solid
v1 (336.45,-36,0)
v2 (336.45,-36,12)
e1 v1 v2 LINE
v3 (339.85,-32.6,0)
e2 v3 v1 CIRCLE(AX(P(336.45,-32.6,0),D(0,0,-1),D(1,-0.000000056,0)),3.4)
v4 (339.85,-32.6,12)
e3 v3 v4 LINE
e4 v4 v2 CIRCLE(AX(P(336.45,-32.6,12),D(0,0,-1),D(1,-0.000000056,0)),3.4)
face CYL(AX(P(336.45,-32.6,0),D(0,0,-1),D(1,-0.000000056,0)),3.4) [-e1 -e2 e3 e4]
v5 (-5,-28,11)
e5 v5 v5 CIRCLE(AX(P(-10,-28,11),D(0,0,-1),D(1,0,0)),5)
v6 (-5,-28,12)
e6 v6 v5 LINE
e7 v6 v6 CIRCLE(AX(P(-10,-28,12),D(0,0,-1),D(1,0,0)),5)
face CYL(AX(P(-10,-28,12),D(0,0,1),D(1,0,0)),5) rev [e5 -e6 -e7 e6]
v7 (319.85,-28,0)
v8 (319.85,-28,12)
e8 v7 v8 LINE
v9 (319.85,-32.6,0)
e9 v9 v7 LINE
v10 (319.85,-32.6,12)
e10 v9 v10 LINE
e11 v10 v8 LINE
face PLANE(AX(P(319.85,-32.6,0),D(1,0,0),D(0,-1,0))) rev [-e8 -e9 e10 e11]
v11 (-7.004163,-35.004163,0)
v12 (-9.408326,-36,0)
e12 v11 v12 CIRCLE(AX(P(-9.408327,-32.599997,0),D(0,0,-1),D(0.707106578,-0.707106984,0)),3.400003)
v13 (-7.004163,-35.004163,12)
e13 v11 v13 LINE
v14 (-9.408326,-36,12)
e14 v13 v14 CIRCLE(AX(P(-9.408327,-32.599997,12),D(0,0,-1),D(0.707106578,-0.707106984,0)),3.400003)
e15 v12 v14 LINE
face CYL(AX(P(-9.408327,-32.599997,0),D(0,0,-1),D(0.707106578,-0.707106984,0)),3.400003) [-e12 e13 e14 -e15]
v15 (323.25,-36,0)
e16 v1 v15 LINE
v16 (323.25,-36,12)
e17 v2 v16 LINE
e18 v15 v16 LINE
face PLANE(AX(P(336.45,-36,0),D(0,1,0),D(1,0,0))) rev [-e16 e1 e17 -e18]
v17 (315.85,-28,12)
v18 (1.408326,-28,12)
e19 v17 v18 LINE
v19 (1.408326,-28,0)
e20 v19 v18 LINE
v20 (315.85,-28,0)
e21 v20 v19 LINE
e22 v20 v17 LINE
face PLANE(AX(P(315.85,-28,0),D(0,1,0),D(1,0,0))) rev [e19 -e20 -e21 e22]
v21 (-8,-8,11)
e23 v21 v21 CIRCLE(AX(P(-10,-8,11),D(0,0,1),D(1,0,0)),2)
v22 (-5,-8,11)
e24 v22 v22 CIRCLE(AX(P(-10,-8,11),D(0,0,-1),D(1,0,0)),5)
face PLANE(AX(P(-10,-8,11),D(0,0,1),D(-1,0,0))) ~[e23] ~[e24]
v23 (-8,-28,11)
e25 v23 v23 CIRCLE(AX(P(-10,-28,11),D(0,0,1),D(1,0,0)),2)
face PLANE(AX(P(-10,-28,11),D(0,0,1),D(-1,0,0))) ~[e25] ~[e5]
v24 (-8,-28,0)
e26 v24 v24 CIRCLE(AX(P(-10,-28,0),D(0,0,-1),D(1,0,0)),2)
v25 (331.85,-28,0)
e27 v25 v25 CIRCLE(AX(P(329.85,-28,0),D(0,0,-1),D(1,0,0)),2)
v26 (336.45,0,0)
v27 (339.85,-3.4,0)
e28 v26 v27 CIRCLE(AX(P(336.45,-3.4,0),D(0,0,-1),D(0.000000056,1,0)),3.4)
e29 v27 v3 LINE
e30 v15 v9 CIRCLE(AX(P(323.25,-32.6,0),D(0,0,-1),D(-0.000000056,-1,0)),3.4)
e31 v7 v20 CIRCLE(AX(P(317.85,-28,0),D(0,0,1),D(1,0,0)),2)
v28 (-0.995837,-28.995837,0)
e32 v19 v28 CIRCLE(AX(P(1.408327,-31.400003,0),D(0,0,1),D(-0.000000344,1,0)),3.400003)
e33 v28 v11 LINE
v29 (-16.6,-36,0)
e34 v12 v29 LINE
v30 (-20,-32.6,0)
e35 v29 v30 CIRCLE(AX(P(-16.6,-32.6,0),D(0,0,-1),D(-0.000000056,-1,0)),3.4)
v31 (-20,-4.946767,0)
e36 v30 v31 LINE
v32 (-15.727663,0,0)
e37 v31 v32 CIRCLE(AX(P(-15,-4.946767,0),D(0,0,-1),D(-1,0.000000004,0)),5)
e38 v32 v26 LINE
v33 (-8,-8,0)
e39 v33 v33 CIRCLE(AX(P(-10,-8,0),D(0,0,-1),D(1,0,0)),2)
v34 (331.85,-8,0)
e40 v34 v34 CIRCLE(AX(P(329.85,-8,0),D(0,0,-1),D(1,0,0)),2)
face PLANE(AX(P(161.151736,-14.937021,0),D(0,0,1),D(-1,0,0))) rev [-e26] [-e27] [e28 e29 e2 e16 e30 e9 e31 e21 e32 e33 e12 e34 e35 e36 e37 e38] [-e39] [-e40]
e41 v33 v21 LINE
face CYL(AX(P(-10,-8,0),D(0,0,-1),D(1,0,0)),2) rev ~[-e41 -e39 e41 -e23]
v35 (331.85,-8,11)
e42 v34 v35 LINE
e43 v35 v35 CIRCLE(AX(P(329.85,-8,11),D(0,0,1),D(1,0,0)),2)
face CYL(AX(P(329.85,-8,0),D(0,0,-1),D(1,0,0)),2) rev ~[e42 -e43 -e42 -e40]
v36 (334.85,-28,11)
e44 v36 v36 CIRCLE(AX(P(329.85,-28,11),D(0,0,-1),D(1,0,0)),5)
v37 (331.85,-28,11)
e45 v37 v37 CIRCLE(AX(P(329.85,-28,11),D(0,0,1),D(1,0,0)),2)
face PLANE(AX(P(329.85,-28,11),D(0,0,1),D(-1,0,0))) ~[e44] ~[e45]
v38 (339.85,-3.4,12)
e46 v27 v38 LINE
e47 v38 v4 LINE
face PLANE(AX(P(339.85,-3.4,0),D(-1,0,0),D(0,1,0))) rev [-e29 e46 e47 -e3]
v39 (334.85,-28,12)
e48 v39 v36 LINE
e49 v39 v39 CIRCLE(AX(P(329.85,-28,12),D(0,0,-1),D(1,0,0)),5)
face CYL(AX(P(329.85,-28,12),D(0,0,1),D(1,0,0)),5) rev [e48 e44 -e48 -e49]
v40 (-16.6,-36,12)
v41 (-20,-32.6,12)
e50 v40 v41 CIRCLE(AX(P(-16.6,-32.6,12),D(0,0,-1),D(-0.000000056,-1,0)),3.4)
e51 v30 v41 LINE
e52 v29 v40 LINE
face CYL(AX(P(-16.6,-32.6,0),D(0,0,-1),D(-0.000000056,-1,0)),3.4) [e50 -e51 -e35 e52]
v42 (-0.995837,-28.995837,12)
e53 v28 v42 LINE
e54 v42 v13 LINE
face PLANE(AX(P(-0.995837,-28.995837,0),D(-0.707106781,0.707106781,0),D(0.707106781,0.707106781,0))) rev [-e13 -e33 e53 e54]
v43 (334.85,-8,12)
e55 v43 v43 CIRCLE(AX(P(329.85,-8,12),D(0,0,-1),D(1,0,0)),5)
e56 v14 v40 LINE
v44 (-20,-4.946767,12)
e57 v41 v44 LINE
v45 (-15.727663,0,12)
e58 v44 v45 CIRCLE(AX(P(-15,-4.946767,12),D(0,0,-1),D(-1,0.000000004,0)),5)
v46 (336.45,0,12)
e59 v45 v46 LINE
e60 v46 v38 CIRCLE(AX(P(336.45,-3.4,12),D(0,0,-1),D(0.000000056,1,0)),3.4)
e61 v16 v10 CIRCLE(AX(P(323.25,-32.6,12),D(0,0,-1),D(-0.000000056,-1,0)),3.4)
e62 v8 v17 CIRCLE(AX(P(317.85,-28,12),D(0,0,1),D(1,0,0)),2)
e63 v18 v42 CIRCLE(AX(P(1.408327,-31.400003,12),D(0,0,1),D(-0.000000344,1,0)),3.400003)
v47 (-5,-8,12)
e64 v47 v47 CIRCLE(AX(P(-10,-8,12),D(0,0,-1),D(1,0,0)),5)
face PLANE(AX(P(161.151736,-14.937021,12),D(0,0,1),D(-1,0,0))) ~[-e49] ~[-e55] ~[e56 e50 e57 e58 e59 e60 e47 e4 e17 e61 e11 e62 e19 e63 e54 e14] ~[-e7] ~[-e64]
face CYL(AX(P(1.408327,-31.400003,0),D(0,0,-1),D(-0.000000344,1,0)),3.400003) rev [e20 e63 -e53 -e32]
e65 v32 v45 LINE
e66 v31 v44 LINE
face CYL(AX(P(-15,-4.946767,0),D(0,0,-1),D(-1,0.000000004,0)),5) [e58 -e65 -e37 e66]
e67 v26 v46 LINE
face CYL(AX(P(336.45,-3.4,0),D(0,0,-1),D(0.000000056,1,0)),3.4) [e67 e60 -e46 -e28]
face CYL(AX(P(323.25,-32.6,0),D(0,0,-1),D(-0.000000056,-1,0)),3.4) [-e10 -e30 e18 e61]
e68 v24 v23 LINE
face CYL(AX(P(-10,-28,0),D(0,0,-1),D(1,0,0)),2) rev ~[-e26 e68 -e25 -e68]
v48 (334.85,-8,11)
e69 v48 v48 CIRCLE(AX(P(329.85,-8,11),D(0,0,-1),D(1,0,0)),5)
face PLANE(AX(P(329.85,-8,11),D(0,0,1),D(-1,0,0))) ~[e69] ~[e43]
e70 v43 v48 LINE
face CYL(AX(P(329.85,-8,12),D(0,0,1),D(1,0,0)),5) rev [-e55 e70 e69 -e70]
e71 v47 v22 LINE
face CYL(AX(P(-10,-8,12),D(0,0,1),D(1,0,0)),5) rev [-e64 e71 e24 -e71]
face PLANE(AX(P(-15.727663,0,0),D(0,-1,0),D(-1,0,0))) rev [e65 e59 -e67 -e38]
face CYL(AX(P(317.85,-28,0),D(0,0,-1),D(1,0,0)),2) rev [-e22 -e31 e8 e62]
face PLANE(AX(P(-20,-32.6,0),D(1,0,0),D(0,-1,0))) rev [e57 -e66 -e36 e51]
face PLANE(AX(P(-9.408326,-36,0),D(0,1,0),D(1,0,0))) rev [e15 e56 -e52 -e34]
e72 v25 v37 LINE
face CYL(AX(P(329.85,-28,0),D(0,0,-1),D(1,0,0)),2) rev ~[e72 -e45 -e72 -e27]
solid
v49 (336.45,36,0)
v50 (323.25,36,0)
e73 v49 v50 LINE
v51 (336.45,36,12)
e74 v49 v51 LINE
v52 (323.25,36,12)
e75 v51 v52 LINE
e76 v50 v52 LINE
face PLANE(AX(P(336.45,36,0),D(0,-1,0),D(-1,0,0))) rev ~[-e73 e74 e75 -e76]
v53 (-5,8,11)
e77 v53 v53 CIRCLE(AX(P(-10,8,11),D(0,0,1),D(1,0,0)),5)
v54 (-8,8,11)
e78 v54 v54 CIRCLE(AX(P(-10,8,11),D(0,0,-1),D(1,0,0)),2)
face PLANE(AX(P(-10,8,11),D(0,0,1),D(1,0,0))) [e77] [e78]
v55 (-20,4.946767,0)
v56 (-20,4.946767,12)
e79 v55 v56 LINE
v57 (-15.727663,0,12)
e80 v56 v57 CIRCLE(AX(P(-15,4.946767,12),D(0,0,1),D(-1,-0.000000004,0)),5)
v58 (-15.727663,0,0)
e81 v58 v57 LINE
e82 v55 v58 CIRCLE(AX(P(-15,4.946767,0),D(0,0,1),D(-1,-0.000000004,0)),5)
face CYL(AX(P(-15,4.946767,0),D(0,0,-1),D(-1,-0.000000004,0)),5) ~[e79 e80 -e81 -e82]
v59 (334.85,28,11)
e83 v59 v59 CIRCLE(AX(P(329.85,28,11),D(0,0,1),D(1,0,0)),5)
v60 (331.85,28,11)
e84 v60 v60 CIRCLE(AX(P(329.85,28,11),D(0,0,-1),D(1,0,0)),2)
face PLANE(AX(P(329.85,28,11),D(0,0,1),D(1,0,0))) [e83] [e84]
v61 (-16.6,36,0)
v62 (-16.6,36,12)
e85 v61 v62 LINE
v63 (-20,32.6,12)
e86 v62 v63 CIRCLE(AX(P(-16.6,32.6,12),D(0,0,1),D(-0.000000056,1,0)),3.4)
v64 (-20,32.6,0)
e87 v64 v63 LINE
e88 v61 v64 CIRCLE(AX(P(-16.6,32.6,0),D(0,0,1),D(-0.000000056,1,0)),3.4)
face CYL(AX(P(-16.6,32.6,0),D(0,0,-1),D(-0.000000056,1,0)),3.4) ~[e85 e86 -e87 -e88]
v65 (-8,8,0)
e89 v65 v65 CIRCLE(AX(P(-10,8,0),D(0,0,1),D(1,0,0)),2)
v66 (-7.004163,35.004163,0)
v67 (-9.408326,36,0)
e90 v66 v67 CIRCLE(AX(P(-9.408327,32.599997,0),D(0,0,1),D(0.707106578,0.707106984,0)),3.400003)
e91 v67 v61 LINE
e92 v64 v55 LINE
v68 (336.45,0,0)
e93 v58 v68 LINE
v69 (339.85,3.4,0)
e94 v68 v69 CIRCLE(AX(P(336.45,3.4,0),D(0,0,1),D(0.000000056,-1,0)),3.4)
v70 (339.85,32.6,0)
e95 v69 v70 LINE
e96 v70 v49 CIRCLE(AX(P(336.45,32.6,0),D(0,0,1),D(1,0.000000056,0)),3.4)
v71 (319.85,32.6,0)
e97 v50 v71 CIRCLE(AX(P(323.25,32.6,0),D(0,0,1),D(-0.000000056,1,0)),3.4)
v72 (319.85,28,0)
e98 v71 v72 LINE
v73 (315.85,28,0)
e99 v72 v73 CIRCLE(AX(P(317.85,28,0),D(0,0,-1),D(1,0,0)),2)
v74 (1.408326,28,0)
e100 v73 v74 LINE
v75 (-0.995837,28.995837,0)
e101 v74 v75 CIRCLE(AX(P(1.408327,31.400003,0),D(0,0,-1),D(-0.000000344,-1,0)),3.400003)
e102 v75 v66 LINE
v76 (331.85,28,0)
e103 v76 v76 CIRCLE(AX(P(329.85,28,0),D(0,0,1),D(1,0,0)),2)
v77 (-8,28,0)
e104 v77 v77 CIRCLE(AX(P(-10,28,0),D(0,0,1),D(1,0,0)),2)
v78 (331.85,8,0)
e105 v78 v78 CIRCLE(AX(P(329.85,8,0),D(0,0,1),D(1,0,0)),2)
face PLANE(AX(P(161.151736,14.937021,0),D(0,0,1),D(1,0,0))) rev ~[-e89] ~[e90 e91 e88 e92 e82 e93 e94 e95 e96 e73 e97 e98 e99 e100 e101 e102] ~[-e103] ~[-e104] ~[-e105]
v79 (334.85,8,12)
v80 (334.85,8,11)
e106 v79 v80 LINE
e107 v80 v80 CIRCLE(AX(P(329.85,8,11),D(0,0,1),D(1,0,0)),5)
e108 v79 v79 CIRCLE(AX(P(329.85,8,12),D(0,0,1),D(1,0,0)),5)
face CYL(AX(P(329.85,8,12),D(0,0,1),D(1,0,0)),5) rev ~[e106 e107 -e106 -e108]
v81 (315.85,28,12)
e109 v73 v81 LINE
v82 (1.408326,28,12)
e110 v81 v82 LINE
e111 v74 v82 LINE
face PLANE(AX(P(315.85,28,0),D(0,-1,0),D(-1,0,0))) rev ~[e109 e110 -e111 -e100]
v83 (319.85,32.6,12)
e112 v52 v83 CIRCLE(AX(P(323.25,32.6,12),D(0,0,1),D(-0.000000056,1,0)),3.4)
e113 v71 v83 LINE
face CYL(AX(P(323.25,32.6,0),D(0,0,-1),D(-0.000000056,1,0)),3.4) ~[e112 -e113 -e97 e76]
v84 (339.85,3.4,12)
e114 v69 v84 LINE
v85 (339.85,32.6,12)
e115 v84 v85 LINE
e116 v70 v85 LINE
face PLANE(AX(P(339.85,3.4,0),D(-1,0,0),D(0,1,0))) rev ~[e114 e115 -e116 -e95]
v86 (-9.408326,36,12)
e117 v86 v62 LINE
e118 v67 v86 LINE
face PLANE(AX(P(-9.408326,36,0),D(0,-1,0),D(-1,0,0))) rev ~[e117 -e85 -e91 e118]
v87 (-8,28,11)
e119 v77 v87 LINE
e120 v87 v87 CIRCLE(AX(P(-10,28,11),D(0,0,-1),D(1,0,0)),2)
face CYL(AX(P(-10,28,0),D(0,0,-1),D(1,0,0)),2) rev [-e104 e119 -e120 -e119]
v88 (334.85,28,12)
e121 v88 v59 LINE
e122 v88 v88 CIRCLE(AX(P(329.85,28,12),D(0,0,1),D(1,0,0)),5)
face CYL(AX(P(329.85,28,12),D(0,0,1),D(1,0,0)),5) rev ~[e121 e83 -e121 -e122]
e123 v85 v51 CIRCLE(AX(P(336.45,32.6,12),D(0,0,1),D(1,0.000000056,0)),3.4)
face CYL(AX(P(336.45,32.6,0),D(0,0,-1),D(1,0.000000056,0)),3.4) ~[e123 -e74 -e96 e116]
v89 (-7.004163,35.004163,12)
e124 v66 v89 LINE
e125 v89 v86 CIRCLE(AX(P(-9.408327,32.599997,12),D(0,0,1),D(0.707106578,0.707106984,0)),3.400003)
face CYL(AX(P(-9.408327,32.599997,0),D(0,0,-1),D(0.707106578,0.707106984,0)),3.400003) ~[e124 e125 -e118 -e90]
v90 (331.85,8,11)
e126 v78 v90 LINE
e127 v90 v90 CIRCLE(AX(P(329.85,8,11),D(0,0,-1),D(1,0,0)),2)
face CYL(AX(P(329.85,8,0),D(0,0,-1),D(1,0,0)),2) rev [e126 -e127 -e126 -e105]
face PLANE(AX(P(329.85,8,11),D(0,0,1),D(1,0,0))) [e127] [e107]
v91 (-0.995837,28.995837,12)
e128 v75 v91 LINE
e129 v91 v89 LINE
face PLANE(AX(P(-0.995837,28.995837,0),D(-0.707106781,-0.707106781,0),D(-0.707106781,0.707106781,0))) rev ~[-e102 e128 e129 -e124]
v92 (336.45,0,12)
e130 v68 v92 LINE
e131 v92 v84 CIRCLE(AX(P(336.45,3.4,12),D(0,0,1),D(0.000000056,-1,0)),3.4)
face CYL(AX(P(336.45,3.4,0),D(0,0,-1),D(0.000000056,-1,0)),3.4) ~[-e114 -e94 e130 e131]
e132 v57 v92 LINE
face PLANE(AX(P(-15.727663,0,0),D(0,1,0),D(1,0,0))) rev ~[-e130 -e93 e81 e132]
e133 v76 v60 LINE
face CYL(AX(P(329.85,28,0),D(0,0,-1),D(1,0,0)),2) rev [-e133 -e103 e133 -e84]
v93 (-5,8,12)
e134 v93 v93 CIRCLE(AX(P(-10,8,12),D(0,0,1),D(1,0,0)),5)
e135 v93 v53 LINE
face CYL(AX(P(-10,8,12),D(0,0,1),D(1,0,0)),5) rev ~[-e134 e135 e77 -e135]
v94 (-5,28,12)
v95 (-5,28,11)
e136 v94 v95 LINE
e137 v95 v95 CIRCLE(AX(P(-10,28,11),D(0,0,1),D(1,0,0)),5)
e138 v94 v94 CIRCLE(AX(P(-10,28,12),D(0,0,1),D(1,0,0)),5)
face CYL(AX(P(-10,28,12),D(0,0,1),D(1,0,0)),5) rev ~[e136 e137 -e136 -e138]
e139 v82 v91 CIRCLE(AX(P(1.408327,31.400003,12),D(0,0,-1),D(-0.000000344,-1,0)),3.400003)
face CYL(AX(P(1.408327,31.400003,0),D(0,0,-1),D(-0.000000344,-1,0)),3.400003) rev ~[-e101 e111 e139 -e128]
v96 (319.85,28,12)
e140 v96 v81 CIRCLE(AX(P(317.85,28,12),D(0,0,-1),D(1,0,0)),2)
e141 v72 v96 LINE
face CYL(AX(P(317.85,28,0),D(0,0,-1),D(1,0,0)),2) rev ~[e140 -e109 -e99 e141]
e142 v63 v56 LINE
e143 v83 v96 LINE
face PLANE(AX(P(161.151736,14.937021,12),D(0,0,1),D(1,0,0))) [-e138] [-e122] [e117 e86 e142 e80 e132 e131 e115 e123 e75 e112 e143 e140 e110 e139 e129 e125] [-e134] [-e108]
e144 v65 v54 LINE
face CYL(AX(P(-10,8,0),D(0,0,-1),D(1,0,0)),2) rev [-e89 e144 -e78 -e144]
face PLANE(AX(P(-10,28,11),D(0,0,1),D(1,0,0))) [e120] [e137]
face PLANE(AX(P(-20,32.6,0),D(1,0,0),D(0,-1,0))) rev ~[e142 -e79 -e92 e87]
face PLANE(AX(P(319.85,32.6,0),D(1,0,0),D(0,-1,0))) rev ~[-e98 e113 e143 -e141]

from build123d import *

# Parameters (mm, degrees)
F0_R     = 5
F0_R_2   = 2
F1_DEPTH = 12
F2_R     = 5
F3_DEPTH = 1


with BuildPart() as f1:
    # F0 (on Top) → F1 (new body)
    with BuildSketch(Plane.XY):
        with BuildLine():
            Line((315.85, 28), (1.408326, 28))
            ThreePointArc((1.408326, 28), (0.107202, 28.25881), (-0.995837, 28.995837))
            Line((-0.995837, 28.995837), (-7.004163, 35.004163))
            ThreePointArc((-7.004163, 35.004163), (-8.107202, 35.74119), (-9.408326, 36))
            Line((-9.408326, 36), (-16.6, 36))
            ThreePointArc((-16.6, 36), (-19.004163, 35.004163), (-20, 32.6))
            Line((-20, 32.6), (-20, 4.946767))
            ThreePointArc((-20, 4.946767), (-18.784066, 1.678611), (-15.727663, 0))
            Line((-15.727663, 0), (0, 0))
            Line((0, 0), (329.85, 0))
            Line((329.85, 0), (336.45, 0))
            ThreePointArc((336.45, 0), (338.854163, 0.995837), (339.85, 3.4))
            Line((339.85, 3.4), (339.85, 32.6))
            ThreePointArc((339.85, 32.6), (338.854163, 35.004163), (336.45, 36))
            Line((336.45, 36), (323.25, 36))
            ThreePointArc((323.25, 36), (320.845837, 35.004163), (319.85, 32.6))
            Line((319.85, 32.6), (319.85, 28))
            ThreePointArc((319.85, 28), (317.85, 26), (315.85, 28))
        make_face()
        with Locations((-10, 8)):
            Circle(F0_R, mode=Mode.SUBTRACT)
        with Locations((329.85, 8)):
            Circle(F0_R, mode=Mode.SUBTRACT)
        with Locations((-10, 28)):
            Circle(F0_R, mode=Mode.SUBTRACT)
        with Locations((329.85, 28)):
            Circle(F0_R, mode=Mode.SUBTRACT)
        with Locations((-10, 28)):
            Circle(F0_R)
        with Locations((-10, 28)):
            Circle(F0_R_2, mode=Mode.SUBTRACT)
        with Locations((-10, 8)):
            Circle(F0_R)
        with Locations((-10, 8)):
            Circle(F0_R_2, mode=Mode.SUBTRACT)
        with Locations((329.85, 8)):
            Circle(F0_R)
        with Locations((329.85, 8)):
            Circle(F0_R_2, mode=Mode.SUBTRACT)
        with Locations((329.85, 28)):
            Circle(F0_R)
        with Locations((329.85, 28)):
            Circle(F0_R_2, mode=Mode.SUBTRACT)
    extrude(amount=F1_DEPTH)

    # F2 (on face) → F3 (cut)
    with BuildSketch(Plane.XY.offset(12)):
        with Locations((329.85, 28)):
            Circle(F2_R)
        with Locations((329.85, 8)):
            Circle(F2_R)
        with Locations((-10, 8)):
            Circle(F2_R)
        with Locations((-10, 28)):
            Circle(F2_R)
    extrude(amount=-F3_DEPTH, mode=Mode.SUBTRACT)


with BuildPart() as f5_1:
    # F5: instance of F1
    add(f1.part.mirror(Plane.XZ))


solid = Compound([f1.part, f5_1.part])
